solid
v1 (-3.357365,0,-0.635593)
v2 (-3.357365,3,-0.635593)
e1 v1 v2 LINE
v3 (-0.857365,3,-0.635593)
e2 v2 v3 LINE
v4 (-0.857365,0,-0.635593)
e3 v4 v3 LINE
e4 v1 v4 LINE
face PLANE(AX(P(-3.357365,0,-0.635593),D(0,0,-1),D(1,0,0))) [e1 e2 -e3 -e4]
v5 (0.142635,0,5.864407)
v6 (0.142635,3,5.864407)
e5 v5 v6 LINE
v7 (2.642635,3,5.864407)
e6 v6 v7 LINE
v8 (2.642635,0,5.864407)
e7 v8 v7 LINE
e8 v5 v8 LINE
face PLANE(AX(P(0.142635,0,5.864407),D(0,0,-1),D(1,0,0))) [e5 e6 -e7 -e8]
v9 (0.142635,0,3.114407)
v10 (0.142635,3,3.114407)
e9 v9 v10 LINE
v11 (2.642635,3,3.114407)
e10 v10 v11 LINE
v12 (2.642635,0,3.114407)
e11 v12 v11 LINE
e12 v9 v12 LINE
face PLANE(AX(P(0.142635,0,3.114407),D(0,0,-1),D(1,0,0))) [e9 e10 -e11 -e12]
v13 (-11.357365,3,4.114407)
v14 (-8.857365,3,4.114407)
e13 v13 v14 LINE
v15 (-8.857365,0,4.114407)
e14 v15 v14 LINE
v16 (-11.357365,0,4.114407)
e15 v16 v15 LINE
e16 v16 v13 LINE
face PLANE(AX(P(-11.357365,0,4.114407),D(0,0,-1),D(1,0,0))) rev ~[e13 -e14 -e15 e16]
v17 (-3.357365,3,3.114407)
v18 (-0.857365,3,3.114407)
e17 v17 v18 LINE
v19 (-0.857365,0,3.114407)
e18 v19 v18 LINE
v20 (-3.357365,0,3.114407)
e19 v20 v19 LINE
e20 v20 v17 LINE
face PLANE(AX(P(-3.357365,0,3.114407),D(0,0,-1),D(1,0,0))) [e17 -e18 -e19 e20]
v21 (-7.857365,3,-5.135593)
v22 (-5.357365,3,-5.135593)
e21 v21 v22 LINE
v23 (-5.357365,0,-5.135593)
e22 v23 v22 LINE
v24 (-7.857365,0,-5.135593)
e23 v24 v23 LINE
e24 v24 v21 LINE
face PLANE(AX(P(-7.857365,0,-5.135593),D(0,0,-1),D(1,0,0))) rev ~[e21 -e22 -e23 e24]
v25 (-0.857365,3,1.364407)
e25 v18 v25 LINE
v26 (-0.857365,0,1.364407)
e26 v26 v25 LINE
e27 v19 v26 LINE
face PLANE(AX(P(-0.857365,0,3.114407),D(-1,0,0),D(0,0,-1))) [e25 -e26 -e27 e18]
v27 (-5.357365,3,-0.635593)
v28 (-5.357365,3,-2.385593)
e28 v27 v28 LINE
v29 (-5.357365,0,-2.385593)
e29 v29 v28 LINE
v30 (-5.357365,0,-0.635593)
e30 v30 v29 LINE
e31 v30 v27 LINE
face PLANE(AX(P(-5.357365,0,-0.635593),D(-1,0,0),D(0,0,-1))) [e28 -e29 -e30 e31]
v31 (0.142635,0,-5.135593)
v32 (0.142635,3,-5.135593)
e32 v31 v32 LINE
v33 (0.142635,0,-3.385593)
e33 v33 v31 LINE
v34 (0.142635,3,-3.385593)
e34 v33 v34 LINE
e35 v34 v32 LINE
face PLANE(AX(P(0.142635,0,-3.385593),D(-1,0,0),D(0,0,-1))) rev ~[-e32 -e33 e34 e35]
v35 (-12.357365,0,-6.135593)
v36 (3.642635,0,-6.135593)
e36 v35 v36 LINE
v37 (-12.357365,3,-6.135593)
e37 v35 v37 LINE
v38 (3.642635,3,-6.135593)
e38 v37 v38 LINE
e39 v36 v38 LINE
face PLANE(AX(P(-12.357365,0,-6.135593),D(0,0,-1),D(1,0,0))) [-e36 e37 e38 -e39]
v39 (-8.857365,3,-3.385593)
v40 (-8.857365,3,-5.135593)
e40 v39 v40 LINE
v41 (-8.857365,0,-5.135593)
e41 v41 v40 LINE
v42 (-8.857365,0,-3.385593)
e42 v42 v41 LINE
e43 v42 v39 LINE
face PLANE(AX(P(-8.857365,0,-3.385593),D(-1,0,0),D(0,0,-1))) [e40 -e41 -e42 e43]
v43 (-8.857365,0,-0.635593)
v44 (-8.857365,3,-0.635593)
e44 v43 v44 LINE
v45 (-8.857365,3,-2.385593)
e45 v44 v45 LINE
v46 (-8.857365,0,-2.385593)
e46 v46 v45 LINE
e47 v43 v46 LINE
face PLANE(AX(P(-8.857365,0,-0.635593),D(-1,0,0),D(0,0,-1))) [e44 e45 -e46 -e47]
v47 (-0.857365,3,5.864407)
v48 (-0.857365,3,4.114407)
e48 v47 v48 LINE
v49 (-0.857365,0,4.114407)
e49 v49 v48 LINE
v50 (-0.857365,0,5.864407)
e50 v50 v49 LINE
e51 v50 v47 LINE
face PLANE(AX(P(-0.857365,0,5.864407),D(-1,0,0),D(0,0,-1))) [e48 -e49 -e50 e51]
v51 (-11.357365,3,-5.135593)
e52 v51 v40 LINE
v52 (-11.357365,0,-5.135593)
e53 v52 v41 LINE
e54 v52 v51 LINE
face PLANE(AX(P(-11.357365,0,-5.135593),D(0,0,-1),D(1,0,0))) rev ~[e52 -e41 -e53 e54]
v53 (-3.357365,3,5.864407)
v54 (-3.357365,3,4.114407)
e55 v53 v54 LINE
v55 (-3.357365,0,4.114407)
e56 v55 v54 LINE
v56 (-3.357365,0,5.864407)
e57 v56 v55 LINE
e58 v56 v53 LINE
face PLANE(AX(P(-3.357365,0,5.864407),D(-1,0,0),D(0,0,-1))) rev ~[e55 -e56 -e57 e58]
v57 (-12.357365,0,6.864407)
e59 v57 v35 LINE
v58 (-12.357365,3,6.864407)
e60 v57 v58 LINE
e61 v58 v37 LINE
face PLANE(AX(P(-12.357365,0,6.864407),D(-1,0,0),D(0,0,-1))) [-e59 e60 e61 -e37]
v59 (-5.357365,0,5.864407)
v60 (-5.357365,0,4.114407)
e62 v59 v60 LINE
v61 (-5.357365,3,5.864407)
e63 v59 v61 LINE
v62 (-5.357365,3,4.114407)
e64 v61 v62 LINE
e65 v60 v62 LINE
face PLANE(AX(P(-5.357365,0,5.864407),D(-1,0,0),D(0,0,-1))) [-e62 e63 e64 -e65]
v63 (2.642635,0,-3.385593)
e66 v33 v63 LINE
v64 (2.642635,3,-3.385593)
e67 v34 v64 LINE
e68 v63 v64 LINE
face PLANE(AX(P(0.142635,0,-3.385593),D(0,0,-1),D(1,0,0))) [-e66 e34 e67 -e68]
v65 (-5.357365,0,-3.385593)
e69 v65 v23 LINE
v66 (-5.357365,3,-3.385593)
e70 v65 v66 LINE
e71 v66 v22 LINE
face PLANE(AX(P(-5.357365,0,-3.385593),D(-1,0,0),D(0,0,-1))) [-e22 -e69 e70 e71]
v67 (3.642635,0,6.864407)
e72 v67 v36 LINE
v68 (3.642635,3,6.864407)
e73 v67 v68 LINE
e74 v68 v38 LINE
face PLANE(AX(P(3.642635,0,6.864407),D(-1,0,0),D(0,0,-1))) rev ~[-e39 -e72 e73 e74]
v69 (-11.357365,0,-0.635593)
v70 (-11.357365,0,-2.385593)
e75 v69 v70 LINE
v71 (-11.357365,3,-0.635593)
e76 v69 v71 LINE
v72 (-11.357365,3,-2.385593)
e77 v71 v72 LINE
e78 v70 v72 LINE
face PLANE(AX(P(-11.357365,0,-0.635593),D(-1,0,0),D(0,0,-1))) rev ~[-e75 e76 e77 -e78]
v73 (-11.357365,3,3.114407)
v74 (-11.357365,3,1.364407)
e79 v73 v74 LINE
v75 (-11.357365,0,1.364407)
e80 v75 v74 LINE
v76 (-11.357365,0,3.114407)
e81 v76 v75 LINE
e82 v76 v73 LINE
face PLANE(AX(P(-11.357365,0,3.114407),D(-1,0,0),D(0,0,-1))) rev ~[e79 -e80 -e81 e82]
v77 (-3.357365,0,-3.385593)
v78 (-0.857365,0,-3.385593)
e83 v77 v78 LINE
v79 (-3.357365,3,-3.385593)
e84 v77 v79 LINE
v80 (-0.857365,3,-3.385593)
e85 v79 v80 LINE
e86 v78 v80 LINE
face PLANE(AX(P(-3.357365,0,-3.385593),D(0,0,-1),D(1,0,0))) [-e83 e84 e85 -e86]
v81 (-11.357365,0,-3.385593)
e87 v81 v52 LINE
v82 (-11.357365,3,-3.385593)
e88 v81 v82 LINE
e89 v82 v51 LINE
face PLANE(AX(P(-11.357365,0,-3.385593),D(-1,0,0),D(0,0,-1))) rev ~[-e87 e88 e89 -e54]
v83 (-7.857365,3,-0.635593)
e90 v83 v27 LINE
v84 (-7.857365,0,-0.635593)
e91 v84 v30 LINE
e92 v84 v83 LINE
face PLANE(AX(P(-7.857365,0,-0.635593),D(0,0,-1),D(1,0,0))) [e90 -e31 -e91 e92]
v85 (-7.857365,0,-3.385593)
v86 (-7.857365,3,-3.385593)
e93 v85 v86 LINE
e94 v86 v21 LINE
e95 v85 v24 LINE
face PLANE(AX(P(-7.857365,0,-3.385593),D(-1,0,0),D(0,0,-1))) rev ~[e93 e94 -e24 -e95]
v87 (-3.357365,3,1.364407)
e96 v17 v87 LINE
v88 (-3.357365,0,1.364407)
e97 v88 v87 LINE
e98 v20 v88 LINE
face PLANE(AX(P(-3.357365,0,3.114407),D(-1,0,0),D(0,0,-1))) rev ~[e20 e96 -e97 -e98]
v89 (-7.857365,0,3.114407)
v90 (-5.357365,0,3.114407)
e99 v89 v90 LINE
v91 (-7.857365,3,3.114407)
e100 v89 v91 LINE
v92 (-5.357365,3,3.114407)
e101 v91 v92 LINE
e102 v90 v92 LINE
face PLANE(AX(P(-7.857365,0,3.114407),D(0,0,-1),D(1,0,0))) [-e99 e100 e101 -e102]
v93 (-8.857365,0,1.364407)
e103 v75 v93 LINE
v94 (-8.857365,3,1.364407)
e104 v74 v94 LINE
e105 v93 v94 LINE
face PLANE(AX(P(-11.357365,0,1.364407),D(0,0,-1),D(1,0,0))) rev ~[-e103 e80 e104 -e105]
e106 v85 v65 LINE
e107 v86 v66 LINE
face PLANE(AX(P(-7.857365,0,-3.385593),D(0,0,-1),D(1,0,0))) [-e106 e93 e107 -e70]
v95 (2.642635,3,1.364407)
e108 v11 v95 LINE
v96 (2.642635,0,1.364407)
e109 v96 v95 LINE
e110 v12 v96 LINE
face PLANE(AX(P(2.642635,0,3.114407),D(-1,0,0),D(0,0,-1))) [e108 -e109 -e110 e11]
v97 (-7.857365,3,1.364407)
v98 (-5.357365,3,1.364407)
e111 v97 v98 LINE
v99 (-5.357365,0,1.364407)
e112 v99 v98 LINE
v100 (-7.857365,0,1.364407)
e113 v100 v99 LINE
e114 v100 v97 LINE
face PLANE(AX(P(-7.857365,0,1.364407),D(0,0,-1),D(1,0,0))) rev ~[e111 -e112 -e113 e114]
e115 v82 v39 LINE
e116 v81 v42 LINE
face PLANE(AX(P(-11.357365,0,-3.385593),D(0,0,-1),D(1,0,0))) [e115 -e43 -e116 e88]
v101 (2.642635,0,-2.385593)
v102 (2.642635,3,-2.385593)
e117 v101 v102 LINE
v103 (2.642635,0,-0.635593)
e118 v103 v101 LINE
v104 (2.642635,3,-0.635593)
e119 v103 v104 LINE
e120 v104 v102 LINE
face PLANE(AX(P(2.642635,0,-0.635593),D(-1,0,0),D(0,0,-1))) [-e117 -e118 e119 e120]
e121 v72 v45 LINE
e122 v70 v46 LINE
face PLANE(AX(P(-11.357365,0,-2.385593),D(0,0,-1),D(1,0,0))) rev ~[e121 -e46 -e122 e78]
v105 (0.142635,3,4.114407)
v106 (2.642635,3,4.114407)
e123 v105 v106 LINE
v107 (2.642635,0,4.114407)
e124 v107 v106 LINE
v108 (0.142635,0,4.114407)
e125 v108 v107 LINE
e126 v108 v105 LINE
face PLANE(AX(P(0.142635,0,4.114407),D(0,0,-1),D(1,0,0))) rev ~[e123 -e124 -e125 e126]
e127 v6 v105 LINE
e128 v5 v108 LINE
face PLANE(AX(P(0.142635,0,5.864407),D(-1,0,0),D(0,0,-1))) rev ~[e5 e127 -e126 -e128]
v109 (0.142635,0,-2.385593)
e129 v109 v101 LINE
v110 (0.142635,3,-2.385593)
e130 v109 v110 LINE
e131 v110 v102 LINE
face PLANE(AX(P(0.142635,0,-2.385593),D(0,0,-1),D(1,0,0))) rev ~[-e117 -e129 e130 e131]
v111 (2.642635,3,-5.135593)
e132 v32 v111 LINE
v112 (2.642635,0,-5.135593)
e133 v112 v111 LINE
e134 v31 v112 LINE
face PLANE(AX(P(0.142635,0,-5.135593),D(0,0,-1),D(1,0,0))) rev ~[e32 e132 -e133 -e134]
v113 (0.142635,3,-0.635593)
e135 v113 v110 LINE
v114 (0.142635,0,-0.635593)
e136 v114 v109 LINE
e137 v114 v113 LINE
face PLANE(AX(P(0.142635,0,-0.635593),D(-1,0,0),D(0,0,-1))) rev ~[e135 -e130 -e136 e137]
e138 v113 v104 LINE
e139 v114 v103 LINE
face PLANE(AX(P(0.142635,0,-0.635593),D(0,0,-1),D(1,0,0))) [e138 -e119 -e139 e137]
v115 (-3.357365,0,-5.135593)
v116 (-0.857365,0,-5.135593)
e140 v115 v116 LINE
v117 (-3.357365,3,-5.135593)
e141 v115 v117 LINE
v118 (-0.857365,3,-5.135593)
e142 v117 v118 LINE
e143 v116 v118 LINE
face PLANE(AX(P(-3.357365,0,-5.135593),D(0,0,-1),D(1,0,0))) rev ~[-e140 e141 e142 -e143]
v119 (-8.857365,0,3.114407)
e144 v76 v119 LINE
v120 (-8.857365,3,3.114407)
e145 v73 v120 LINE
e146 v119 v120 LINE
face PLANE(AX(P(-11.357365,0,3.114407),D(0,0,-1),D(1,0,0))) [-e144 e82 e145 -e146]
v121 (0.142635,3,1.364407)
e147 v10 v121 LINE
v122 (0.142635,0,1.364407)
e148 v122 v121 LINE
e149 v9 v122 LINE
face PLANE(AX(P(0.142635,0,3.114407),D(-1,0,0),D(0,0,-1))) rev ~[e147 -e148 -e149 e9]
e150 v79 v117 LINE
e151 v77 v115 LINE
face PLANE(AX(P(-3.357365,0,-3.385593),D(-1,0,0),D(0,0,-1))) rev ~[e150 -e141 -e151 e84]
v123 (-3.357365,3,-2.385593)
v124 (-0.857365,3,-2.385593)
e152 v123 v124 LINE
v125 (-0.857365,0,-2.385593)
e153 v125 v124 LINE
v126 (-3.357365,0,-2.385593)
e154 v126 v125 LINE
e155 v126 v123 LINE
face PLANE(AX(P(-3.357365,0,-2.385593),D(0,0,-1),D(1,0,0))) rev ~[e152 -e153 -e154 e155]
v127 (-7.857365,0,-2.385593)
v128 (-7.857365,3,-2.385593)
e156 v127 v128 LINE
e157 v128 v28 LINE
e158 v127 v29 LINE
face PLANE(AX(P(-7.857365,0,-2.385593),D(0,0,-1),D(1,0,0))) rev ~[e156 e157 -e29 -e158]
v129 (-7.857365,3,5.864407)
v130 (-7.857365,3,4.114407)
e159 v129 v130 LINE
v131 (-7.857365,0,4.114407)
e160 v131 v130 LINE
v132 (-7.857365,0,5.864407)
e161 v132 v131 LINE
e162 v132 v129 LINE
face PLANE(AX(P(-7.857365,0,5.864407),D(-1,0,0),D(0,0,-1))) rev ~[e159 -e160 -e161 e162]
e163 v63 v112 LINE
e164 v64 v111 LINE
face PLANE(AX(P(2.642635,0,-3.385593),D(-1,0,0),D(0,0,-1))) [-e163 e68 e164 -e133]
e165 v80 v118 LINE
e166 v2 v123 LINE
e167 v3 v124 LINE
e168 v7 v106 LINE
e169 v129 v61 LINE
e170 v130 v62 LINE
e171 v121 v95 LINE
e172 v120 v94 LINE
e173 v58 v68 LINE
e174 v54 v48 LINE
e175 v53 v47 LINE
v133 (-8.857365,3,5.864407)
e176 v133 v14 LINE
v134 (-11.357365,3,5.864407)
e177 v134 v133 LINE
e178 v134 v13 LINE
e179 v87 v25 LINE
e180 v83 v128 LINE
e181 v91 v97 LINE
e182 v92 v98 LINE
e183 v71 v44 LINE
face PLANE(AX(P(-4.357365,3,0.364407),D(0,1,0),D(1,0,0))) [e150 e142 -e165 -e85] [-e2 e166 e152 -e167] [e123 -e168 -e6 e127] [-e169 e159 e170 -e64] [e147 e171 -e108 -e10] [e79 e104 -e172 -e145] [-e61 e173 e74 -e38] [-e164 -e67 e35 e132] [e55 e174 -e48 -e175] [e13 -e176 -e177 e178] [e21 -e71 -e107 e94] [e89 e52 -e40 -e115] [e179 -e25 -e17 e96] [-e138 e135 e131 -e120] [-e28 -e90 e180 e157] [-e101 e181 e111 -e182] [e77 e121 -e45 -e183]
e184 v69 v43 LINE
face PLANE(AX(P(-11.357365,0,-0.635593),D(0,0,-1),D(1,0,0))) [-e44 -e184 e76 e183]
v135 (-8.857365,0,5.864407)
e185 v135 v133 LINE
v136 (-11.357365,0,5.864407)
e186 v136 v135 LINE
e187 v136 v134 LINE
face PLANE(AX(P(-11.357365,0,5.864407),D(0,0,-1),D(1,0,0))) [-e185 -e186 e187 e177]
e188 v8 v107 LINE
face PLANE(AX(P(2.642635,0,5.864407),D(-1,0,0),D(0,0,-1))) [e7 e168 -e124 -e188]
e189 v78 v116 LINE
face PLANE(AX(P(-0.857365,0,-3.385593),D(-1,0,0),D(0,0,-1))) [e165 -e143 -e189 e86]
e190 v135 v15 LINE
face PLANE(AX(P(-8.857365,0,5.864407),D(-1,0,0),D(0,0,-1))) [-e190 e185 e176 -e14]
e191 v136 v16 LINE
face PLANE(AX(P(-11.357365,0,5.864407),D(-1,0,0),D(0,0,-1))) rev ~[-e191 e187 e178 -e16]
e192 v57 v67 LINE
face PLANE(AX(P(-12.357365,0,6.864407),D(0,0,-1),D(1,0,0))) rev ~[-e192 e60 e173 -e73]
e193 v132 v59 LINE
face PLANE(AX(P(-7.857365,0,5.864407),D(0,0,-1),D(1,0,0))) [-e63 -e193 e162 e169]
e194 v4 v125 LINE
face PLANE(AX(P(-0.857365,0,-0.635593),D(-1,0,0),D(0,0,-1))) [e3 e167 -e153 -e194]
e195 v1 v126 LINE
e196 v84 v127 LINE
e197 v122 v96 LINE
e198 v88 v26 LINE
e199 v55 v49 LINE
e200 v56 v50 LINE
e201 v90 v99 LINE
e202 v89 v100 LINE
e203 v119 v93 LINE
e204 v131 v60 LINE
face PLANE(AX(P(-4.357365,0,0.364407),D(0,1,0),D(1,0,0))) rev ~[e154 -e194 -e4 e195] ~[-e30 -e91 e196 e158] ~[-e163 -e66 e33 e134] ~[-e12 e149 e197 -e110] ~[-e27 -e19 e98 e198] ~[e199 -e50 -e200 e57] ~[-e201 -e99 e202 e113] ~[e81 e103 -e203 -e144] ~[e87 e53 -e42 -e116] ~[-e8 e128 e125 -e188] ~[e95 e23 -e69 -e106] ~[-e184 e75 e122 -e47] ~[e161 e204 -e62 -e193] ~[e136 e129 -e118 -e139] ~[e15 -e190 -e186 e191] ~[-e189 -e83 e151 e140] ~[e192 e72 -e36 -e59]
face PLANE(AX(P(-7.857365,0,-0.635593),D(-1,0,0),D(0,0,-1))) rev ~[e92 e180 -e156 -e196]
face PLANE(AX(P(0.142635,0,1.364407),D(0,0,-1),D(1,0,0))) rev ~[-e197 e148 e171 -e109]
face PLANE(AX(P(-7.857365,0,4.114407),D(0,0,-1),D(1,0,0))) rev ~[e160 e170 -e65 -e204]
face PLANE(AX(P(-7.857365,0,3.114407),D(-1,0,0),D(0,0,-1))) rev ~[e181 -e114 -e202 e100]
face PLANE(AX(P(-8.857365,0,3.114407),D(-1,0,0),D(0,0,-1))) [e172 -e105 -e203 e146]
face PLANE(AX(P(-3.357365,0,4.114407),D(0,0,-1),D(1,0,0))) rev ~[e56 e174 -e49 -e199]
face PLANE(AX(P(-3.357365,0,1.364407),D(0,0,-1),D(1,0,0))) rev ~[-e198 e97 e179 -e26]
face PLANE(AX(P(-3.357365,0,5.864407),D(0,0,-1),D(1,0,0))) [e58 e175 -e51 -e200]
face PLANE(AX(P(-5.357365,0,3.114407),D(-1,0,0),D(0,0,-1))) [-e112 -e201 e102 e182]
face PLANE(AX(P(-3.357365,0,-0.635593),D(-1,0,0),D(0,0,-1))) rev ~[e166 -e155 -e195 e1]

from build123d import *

# Parameters (mm, degrees)
SKETCH1_W           = 16
SKETCH1_H           = 13
SKETCH1_W_2         = 2.5
SKETCH1_H_2         = 1.75
BOSS_EXTRUDE1_DEPTH = 3


with BuildPart() as part:
    # Sketch1 → Boss-Extrude1 (new body)
    with BuildSketch(Plane(origin=(0, 0, 0), x_dir=(1, 0, 0), z_dir=(0, 1, 0))):
        with Locations((-4.357364788, -0.36440678)):
            Rectangle(SKETCH1_W, SKETCH1_H)
        with Locations((-10.107364788, 1.51059322)):
            Rectangle(SKETCH1_W_2, SKETCH1_H_2, mode=Mode.SUBTRACT)
        with Locations((-10.107364788, 4.26059322)):
            Rectangle(SKETCH1_W_2, SKETCH1_H_2, mode=Mode.SUBTRACT)
        with Locations((-6.607364788, 1.51059322)):
            Rectangle(SKETCH1_W_2, SKETCH1_H_2, mode=Mode.SUBTRACT)
        with Locations((-6.607364788, 4.26059322)):
            Rectangle(SKETCH1_W_2, SKETCH1_H_2, mode=Mode.SUBTRACT)
        with Locations((-6.607364788, -2.23940678)):
            Rectangle(SKETCH1_W_2, SKETCH1_H_2, mode=Mode.SUBTRACT)
        with Locations((-10.107364788, -2.23940678)):
            Rectangle(SKETCH1_W_2, SKETCH1_H_2, mode=Mode.SUBTRACT)
        with Locations((-6.607364788, -4.98940678)):
            Rectangle(SKETCH1_W_2, SKETCH1_H_2, mode=Mode.SUBTRACT)
        with Locations((-10.107364788, -4.98940678)):
            Rectangle(SKETCH1_W_2, SKETCH1_H_2, mode=Mode.SUBTRACT)
        with Locations((-2.107364788, -4.98940678)):
            Rectangle(SKETCH1_W_2, SKETCH1_H_2, mode=Mode.SUBTRACT)
        with Locations((1.392635212, -4.98940678)):
            Rectangle(SKETCH1_W_2, SKETCH1_H_2, mode=Mode.SUBTRACT)
        with Locations((-2.107364788, -2.23940678)):
            Rectangle(SKETCH1_W_2, SKETCH1_H_2, mode=Mode.SUBTRACT)
        with Locations((1.392635212, -2.23940678)):
            Rectangle(SKETCH1_W_2, SKETCH1_H_2, mode=Mode.SUBTRACT)
        with Locations((-2.107364788, 1.51059322)):
            Rectangle(SKETCH1_W_2, SKETCH1_H_2, mode=Mode.SUBTRACT)
        with Locations((1.392635212, 1.51059322)):
            Rectangle(SKETCH1_W_2, SKETCH1_H_2, mode=Mode.SUBTRACT)
        with Locations((-2.107364788, 4.26059322)):
            Rectangle(SKETCH1_W_2, SKETCH1_H_2, mode=Mode.SUBTRACT)
        with Locations((1.392635212, 4.26059322)):
            Rectangle(SKETCH1_W_2, SKETCH1_H_2, mode=Mode.SUBTRACT)
    extrude(amount=BOSS_EXTRUDE1_DEPTH)


solid = part.part
